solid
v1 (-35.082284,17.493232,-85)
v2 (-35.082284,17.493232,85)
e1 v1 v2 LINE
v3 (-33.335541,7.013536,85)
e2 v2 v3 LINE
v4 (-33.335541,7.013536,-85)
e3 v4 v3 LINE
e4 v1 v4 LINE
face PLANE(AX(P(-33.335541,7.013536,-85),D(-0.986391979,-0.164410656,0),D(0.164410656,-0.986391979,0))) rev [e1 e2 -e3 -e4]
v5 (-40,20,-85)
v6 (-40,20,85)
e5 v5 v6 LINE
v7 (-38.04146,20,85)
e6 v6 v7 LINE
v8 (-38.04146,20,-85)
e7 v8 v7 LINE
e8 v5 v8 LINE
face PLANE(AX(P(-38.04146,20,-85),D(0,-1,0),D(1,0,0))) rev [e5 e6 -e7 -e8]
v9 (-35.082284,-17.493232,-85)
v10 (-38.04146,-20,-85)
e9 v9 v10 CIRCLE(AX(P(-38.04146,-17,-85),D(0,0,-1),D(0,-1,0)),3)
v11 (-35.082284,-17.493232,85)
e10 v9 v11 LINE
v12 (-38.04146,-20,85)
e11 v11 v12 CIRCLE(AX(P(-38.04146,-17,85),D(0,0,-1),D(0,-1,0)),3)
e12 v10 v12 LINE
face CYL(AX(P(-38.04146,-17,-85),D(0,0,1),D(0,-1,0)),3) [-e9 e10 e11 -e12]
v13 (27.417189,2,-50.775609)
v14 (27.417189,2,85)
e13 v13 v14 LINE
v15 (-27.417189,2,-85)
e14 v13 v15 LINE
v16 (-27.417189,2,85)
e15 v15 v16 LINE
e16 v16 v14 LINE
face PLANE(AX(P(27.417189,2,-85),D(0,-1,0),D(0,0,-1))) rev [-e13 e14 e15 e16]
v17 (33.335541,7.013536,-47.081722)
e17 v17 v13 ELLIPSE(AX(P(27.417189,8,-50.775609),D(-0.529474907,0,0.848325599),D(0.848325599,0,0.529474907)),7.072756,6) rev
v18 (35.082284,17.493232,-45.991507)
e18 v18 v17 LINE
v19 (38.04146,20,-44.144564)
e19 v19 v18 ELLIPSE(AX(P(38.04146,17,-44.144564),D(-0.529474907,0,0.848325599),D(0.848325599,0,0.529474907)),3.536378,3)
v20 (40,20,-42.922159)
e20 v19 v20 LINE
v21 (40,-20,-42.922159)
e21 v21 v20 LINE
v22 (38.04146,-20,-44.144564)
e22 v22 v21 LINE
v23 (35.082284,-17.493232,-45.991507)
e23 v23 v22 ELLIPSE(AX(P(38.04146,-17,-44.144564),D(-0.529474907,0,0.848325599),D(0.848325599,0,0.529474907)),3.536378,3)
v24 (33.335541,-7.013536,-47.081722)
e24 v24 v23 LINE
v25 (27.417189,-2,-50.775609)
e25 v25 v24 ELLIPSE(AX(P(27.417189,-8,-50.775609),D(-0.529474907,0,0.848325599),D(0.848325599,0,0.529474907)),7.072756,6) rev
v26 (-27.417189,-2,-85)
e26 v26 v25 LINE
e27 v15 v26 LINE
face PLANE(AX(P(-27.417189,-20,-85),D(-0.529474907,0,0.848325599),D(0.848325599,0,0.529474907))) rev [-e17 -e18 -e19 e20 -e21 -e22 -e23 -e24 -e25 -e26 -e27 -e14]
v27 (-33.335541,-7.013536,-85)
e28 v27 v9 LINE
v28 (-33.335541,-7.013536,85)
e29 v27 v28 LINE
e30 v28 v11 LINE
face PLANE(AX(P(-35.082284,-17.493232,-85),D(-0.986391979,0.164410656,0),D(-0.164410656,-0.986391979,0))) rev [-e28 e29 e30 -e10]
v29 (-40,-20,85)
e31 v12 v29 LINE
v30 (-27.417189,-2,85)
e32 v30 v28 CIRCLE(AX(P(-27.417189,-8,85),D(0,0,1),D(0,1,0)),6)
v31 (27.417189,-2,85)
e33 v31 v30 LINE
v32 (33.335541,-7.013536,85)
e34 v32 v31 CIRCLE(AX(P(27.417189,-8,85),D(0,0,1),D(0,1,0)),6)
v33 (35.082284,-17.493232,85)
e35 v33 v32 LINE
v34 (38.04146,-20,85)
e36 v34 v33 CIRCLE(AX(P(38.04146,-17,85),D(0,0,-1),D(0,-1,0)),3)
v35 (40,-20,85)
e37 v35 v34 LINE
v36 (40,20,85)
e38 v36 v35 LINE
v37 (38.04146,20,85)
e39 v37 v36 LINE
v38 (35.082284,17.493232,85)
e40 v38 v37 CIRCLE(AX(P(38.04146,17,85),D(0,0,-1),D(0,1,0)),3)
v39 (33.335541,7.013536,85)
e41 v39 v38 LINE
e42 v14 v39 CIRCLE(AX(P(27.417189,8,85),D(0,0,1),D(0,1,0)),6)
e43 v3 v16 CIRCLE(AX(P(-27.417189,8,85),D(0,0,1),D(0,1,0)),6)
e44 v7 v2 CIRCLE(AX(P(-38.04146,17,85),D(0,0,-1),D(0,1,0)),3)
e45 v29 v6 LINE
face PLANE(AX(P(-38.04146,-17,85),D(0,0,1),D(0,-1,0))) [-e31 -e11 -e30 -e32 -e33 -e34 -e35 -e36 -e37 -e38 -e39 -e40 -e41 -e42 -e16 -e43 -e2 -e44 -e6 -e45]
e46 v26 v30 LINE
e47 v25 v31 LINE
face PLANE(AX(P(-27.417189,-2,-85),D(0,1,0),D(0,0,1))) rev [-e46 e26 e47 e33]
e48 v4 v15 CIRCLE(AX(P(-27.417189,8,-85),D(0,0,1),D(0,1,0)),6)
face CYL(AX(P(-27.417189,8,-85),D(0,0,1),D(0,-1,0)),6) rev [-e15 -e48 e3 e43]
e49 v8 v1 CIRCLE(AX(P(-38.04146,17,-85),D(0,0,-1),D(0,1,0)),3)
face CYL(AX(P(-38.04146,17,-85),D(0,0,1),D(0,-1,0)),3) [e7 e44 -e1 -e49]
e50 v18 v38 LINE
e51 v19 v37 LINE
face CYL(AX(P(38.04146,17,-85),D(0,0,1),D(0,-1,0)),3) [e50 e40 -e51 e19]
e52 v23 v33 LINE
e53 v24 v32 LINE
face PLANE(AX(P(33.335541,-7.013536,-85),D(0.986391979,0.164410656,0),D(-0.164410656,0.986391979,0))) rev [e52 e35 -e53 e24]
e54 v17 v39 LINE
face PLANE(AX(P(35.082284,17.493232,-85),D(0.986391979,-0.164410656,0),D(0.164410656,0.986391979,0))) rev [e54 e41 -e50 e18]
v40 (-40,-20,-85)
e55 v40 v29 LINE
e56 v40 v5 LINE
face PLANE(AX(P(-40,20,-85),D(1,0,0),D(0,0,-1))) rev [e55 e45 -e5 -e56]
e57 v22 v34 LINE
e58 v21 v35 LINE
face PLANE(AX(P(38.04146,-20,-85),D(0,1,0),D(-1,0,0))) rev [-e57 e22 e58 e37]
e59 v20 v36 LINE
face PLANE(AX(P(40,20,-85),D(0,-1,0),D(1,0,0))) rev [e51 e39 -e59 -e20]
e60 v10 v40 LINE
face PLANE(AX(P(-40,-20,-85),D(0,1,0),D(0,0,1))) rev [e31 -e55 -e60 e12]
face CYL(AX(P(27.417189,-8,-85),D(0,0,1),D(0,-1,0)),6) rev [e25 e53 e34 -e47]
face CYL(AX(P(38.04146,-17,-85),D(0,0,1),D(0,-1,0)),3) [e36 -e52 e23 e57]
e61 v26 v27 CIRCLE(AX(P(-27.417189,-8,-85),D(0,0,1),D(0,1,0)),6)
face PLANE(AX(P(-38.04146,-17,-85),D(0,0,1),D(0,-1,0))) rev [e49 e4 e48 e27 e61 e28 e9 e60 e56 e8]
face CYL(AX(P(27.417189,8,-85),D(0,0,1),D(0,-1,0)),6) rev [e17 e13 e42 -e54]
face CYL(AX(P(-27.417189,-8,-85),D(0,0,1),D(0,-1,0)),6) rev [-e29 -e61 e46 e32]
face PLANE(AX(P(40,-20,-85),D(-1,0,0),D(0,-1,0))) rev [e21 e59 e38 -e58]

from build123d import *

# Parameters (mm, degrees)
VIGA_SB_80_X_6_1_DEPTH     = 170
CORTAR_EXTRUIR1_DEPTH      = 97.046863561
CORTAR_EXTRUIR1_DEPTH_BACK = 97.046863561


with BuildPart() as part:
    # Sketch1 → Viga sb 80 X 6(1) (new body)
    with BuildSketch(Plane.YX.offset(-85)):
        with BuildLine():
            Line((-20, -40), (-20, -38.041460212))
            ThreePointArc((-20, -38.041460212), (-19.289071417, -36.102349063), (-17.493231968, -35.082284275))
            Line((-17.493231968, -35.082284275), (-7.013536064, -33.335540875))
            ThreePointArc((-7.013536064, -33.335540875), (-3.421857166, -31.295411299), (-2, -27.417189001))
            Line((-2, -27.417189001), (-2, 27.417189001))
            ThreePointArc((-2, 27.417189001), (-3.421857166, 31.295411299), (-7.013536064, 33.335540875))
            Line((-7.013536064, 33.335540875), (-17.493231968, 35.082284275))
            ThreePointArc((-17.493231968, 35.082284275), (-19.289071417, 36.102349063), (-20, 38.041460212))
            Line((-20, 38.041460212), (-20, 40))
            Line((-20, 40), (20, 40))
            Line((20, 40), (20, 38.041460212))
            ThreePointArc((20, 38.041460212), (19.289071417, 36.102349063), (17.493231968, 35.082284275))
            Line((17.493231968, 35.082284275), (7.013536064, 33.335540875))
            ThreePointArc((7.013536064, 33.335540875), (3.421857166, 31.295411299), (2, 27.417189001))
            Line((2, 27.417189001), (2, -27.417189001))
            ThreePointArc((2, -27.417189001), (3.421857166, -31.295411299), (7.013536064, -33.335540875))
            Line((7.013536064, -33.335540875), (17.493231968, -35.082284275))
            ThreePointArc((17.493231968, -35.082284275), (19.289071417, -36.102349063), (20, -38.041460212))
            Line((20, -38.041460212), (20, -40))
            Line((20, -40), (-20, -40))
        make_face()
    extrude(amount=VIGA_SB_80_X_6_1_DEPTH)

    # Croquis3 → Cortar-Extruir1 (cut, two sides: drawn at the far end of the back side and taken through both)
    with BuildSketch(Plane(origin=(0, 0, 0), x_dir=(1, 0, 0), z_dir=(0, 1, 0)).offset(-CORTAR_EXTRUIR1_DEPTH_BACK)):
        Polygon((-27.417189001, 85), (71.271160363, 23.404541057), (71.271160363, 105.762435543), (-27.417189001, 105.762435543), align=None)
    extrude(amount=CORTAR_EXTRUIR1_DEPTH + CORTAR_EXTRUIR1_DEPTH_BACK, mode=Mode.SUBTRACT)


solid = part.part
